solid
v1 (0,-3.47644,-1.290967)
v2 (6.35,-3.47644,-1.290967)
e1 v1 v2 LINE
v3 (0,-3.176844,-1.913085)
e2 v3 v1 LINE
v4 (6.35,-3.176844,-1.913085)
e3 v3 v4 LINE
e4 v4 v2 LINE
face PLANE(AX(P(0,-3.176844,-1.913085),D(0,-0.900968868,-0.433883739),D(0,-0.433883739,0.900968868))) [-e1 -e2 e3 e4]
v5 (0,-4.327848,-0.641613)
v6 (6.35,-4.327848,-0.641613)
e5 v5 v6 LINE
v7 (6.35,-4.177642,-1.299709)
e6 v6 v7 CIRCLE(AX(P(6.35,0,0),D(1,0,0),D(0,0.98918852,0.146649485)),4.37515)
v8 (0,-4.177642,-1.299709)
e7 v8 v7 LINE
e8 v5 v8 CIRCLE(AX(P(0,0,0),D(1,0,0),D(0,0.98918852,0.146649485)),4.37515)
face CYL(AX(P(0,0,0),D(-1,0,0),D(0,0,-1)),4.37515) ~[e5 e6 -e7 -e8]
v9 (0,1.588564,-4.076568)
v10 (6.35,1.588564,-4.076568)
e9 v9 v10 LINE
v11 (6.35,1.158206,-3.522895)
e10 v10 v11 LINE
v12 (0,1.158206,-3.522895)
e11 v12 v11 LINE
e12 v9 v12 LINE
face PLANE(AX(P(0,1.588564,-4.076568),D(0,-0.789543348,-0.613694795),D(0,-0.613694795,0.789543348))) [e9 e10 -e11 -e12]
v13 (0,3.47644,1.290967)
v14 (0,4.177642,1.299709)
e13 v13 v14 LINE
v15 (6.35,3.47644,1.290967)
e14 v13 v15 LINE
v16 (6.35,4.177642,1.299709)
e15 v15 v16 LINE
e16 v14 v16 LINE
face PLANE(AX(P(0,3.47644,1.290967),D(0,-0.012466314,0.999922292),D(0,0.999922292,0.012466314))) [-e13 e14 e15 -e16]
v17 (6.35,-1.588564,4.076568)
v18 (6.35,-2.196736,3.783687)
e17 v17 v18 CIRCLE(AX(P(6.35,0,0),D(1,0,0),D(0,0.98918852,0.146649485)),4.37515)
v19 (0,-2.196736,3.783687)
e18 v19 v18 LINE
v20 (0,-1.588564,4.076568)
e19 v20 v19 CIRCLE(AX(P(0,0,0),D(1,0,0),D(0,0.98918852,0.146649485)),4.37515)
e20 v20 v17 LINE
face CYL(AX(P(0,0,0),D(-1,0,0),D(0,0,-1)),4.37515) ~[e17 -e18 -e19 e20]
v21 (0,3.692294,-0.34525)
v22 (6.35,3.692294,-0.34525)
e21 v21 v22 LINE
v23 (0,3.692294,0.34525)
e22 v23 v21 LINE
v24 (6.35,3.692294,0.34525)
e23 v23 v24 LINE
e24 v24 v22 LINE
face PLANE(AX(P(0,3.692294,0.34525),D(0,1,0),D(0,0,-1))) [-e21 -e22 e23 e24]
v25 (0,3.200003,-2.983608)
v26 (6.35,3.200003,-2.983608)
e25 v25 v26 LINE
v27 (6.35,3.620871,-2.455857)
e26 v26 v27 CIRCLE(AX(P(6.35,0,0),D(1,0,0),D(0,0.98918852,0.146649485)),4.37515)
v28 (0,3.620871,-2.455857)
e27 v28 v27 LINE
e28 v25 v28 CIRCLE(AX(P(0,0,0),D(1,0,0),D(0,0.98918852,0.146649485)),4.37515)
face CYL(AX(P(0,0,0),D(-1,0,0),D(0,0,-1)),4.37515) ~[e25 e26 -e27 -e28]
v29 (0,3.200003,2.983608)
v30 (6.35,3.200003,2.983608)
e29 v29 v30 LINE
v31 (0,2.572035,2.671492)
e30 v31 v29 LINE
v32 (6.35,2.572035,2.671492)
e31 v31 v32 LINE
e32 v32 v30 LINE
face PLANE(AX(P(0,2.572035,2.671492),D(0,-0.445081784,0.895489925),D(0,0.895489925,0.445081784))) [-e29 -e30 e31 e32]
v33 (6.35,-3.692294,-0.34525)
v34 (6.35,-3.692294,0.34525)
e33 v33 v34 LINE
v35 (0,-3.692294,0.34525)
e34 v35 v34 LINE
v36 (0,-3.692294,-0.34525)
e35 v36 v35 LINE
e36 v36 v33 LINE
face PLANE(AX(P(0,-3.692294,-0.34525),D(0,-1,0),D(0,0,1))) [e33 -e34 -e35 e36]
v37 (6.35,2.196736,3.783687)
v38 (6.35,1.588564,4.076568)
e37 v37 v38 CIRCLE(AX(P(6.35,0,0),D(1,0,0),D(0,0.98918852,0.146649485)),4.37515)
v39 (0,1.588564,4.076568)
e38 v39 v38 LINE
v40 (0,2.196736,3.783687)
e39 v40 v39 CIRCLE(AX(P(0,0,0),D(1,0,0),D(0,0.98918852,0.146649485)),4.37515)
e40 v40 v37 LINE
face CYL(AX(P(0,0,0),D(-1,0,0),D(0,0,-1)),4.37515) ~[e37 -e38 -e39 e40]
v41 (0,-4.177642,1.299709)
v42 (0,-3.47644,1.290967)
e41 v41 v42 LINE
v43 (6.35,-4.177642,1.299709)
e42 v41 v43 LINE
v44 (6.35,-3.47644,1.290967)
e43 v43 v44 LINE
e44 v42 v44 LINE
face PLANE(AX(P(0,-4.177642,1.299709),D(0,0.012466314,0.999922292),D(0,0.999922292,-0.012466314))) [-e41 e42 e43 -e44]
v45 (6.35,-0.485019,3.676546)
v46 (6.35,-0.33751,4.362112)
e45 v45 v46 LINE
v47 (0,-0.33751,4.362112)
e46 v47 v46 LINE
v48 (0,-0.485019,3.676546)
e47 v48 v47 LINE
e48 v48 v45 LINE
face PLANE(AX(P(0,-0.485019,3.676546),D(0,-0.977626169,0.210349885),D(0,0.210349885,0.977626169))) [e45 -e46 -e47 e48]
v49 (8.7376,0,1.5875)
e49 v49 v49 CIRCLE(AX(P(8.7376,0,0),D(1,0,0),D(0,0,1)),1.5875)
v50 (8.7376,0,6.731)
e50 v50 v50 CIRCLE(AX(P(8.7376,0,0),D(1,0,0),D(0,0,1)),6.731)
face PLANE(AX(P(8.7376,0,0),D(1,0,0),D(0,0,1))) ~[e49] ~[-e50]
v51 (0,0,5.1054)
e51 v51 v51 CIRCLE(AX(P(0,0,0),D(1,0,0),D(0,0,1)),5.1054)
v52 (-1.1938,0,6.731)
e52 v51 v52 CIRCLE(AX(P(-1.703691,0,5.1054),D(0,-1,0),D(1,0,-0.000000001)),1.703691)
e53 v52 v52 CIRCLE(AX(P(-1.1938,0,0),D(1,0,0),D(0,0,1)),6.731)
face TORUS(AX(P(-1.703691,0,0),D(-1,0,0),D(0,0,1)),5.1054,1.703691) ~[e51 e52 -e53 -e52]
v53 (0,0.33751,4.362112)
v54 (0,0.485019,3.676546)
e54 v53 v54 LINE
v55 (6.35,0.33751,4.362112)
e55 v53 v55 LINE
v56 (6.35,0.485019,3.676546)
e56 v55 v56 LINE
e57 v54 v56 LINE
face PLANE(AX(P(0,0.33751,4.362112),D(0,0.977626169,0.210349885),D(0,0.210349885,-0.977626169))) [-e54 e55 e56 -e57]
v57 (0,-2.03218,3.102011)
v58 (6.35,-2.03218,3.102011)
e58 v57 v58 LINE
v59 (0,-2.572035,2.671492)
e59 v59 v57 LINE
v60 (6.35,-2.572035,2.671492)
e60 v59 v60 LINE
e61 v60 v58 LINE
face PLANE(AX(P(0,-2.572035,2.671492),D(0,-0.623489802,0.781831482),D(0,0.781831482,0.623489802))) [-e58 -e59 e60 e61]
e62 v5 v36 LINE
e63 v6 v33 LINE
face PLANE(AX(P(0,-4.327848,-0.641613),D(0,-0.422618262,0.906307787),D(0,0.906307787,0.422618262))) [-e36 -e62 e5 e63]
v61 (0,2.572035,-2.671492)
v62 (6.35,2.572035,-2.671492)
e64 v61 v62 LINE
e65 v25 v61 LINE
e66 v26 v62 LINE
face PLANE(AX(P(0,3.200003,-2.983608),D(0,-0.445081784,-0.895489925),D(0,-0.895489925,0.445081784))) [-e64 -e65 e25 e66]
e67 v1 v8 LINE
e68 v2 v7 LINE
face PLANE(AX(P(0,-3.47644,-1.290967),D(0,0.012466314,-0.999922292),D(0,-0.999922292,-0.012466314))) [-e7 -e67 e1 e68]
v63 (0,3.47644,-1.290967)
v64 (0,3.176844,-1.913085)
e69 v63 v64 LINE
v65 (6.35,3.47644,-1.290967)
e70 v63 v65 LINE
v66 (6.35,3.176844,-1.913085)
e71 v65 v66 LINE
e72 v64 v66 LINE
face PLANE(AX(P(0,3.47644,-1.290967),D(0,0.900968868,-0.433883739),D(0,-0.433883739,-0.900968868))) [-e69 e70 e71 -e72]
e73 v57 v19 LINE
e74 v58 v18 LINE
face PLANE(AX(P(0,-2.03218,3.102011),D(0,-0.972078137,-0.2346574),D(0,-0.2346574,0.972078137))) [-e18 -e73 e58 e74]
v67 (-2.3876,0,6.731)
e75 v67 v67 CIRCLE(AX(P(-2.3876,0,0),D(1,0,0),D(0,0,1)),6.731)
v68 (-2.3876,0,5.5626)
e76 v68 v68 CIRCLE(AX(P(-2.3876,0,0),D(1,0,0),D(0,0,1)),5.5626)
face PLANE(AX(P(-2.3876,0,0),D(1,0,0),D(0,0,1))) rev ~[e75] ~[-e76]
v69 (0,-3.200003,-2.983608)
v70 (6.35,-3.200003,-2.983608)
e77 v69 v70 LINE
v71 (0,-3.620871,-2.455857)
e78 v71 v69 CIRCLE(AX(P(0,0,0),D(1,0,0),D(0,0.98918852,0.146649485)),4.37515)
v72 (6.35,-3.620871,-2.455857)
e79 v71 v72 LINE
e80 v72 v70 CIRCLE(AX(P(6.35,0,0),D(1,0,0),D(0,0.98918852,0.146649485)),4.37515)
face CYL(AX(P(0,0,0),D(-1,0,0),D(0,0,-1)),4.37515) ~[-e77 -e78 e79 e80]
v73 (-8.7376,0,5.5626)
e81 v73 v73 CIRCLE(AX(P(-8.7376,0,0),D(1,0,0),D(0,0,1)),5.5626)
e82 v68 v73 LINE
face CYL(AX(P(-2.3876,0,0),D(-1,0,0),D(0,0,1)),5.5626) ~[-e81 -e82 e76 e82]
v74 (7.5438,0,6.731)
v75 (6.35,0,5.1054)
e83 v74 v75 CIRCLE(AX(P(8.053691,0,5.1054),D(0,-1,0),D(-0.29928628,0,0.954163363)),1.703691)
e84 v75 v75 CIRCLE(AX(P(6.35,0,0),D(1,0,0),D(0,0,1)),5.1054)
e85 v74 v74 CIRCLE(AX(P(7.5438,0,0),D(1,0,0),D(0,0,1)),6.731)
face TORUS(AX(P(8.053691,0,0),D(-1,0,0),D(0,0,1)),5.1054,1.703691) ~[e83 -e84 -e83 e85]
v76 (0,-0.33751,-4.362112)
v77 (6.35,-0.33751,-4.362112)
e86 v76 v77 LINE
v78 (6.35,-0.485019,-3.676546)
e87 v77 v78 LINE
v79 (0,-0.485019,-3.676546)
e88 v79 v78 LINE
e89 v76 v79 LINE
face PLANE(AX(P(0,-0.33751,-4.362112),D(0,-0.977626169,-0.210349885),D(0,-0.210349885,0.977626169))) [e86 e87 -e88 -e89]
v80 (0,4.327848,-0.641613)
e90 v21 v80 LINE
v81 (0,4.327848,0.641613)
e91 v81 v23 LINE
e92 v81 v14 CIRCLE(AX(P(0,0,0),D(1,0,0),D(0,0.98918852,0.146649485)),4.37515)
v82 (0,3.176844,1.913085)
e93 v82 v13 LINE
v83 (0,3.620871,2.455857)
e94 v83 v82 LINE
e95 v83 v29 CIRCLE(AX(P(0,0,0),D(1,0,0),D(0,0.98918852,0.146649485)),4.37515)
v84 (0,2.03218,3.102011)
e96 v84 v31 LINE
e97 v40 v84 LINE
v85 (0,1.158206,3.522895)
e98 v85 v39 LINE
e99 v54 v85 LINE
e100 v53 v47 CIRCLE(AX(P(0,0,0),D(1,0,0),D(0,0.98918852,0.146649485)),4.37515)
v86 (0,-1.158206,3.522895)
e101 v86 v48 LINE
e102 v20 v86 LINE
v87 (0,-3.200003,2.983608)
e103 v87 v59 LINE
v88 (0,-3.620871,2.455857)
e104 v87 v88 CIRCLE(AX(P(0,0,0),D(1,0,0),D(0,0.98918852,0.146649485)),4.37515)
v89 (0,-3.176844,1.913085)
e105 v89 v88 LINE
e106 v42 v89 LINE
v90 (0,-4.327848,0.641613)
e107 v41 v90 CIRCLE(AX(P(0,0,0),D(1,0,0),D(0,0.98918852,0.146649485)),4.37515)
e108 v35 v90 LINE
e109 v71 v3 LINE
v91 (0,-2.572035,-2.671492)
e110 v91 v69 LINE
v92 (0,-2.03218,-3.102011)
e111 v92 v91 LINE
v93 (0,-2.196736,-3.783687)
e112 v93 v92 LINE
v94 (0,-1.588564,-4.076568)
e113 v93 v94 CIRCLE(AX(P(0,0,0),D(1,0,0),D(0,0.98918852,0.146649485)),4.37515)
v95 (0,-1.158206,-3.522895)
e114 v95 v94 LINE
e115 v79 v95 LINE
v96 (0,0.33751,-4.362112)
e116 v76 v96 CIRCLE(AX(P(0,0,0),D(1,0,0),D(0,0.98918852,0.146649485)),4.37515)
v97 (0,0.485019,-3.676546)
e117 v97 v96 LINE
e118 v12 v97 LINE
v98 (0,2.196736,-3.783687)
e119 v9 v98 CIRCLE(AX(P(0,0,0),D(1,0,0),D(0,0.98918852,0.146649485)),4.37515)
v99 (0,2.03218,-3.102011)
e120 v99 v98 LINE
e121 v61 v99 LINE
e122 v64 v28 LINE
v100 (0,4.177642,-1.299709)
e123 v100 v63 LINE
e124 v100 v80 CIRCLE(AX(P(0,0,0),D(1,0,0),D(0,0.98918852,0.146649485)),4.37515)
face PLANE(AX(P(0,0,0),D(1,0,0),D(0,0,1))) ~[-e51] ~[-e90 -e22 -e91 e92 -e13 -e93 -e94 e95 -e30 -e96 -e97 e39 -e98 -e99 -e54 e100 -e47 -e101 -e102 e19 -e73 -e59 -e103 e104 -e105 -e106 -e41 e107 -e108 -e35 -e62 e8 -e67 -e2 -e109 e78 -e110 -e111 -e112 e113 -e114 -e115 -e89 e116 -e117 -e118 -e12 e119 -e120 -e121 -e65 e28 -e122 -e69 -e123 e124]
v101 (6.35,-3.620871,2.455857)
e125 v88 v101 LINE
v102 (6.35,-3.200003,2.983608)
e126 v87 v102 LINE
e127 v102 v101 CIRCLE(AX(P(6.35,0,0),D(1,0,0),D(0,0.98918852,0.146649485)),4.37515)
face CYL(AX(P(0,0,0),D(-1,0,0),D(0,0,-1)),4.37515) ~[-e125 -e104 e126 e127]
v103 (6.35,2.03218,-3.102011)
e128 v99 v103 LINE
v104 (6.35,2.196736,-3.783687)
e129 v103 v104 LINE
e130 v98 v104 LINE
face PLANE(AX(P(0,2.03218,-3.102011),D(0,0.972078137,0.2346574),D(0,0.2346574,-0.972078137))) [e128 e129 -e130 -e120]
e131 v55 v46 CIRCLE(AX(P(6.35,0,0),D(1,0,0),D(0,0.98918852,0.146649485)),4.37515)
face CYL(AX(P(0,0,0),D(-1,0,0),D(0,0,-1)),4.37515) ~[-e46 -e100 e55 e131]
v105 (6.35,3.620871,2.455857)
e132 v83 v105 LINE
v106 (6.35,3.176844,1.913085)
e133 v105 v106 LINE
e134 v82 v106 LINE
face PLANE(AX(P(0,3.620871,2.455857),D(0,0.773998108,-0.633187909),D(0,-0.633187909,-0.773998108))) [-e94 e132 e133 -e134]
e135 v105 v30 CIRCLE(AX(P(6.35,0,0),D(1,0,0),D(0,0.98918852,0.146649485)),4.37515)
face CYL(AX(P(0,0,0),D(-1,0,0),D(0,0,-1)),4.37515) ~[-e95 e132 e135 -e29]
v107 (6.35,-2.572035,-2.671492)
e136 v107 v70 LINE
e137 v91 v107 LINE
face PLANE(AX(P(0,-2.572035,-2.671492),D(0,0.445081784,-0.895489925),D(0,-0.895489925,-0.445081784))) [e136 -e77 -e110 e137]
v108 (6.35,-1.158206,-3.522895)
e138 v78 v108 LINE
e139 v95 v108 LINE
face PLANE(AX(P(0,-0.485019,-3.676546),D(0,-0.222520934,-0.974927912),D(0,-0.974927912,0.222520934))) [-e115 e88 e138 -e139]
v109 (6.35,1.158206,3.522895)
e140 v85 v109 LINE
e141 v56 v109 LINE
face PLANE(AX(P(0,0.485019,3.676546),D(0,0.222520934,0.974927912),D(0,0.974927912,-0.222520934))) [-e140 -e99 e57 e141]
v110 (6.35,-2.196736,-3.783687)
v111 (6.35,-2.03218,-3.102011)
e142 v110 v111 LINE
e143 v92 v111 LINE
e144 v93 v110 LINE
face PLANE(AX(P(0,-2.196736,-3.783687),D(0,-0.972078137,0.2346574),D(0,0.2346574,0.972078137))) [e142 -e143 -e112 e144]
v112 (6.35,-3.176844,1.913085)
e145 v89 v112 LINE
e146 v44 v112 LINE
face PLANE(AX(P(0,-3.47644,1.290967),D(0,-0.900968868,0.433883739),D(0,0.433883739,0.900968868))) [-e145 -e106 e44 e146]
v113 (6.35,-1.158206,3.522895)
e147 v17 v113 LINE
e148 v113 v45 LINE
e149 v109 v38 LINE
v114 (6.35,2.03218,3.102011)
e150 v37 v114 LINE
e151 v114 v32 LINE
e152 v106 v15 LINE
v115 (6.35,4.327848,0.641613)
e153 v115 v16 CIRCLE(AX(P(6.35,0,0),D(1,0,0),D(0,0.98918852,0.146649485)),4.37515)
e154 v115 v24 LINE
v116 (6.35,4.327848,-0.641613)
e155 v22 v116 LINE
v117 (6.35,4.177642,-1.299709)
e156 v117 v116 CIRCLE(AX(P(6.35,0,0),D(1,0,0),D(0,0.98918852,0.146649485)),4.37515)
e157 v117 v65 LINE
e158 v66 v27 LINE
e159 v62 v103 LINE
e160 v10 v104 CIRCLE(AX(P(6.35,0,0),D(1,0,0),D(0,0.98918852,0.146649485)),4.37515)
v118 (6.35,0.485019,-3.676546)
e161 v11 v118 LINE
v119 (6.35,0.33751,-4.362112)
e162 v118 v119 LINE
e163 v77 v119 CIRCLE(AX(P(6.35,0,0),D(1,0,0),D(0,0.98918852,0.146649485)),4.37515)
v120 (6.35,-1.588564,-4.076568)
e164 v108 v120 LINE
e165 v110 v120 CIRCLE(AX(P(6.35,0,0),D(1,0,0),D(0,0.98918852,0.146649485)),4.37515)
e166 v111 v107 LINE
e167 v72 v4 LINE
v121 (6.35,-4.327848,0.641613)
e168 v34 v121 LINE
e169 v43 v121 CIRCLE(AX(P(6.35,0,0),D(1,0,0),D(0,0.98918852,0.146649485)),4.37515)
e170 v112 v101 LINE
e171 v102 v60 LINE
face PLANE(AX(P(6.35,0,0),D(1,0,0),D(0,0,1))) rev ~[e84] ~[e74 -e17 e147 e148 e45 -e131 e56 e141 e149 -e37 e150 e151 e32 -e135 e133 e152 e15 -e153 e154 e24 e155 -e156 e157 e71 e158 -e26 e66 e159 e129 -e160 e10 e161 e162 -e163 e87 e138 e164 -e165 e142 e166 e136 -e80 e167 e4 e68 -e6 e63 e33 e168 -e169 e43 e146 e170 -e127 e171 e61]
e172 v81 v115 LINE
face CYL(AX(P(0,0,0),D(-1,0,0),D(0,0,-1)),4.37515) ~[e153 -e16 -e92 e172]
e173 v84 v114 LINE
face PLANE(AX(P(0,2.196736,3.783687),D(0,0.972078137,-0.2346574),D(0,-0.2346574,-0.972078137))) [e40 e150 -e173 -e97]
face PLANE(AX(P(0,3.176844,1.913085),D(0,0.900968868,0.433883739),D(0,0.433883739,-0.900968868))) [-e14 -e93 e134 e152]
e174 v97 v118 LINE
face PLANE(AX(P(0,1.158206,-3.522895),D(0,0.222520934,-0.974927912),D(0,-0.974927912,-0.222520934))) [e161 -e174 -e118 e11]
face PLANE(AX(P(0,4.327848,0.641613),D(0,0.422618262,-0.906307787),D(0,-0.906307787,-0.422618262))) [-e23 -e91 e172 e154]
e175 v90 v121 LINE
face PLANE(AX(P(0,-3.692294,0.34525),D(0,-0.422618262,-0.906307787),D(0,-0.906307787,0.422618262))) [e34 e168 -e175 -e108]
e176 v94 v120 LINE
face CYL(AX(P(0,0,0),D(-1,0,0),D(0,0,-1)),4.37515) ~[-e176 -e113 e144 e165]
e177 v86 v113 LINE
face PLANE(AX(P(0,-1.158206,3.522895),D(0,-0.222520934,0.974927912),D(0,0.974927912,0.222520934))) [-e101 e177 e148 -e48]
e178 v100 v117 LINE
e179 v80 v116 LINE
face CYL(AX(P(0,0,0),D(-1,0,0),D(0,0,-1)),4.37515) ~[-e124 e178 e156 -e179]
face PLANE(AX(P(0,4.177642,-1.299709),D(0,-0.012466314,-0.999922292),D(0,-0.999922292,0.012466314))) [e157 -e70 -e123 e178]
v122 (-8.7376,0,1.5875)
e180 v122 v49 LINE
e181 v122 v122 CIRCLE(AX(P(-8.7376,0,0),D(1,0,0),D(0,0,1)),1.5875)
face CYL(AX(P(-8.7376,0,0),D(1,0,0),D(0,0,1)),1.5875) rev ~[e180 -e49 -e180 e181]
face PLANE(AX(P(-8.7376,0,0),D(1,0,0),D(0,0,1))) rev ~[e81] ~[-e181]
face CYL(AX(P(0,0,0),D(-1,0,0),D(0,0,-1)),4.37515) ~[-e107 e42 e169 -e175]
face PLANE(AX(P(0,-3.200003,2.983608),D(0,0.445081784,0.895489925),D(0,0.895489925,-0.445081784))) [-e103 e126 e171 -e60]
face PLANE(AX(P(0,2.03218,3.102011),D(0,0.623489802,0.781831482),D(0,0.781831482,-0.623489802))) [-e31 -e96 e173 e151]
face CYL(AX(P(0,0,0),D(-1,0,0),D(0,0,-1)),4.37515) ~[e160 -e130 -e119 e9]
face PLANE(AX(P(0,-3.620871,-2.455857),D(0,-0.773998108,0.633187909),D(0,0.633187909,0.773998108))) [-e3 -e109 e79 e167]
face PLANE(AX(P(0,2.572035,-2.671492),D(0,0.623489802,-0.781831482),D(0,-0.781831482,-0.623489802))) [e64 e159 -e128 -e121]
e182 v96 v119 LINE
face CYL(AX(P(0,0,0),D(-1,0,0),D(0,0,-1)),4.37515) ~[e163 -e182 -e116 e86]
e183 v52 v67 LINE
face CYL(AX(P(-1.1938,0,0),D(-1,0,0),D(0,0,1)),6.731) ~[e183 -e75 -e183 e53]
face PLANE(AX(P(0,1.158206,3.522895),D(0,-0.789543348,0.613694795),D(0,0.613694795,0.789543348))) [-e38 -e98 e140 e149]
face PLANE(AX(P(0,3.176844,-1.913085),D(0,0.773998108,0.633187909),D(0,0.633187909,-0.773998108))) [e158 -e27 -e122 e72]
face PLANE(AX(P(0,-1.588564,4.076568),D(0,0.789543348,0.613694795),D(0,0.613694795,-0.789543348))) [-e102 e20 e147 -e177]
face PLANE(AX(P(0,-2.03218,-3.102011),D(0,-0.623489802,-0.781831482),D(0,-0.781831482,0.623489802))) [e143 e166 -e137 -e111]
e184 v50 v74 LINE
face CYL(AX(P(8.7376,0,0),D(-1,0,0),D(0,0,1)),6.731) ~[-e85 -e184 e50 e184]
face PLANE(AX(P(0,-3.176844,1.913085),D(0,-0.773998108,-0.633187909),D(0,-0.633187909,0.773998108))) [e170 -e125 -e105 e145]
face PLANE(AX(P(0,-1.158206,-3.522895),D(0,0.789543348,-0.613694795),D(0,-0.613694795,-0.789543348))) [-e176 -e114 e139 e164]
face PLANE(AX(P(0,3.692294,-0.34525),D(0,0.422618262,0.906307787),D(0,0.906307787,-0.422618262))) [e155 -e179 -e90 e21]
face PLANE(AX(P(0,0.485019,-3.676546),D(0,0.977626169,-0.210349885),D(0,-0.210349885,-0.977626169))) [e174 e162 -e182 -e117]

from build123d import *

# Parameters (mm, degrees)
SKETCH4_R          = 4.5339
SKETCH4_R_2        = 4.37515
CUT_EXTRUDE2_DEPTH = 6.35
CUT_EXTRUDE1_DEPTH = 6.35
CIRPATTERN1_COUNT  = 14


with BuildPart() as part:
    # Sketch1 → Revolve1 (revolve)
    with BuildSketch(Plane.XY, mode=Mode.PRIVATE) as revolve1_sk:
        with BuildLine():
            Line((-8.7376, 1.5875), (8.7376, 1.5875))
            Line((8.7376, 1.5875), (8.7376, 6.731))
            Line((8.7376, 6.731), (7.5438, 6.731))
            ThreePointArc((7.5438, 6.731), (6.680508602, 6.113831183), (6.35, 5.1054))
            Line((6.35, 5.1054), (6.35, 4.5339))
            Line((6.35, 4.5339), (0, 4.5339))
            Line((0, 4.5339), (0, 5.1054))
            ThreePointArc((0, 5.1054), (-0.330508602, 6.113831183), (-1.1938, 6.731))
            Line((-1.1938, 6.731), (-2.3876, 6.731))
            Line((-2.3876, 6.731), (-2.3876, 5.5626))
            Line((-2.3876, 5.5626), (-8.7376, 5.5626))
            Line((-8.7376, 5.5626), (-8.7376, 1.5875))
        make_face()
    revolve(revolve1_sk.sketch.rotate(Axis((-8.7376, 0, 0), (1, 0, 0)), 90), axis=Axis((-8.7376, 0, 0), (1, 0, 0)))

    # Sketch4 → Cut-Extrude2 (cut)
    with BuildSketch(Plane(origin=(0, 0, 0), x_dir=(0, 0, -1), z_dir=(1, 0, 0))):
        Circle(SKETCH4_R)
        Circle(SKETCH4_R_2, mode=Mode.SUBTRACT)
    extrude(amount=CUT_EXTRUDE2_DEPTH, mode=Mode.SUBTRACT)

    # Sketch3 → Cut-Extrude1 (cut)
    with BuildSketch(Plane(origin=(0, 0, 0), x_dir=(0, 0, -1), z_dir=(1, 0, 0))):
        with BuildLine():
            Line((-0.641613493, 4.327848154), (-0.345249615, 3.692293767))
            Line((-0.345249615, 3.692293767), (0.345249615, 3.692293767))
            Line((0.345249615, 3.692293767), (0.641613493, 4.327848154))
            ThreePointArc((0.641613493, 4.327848154), (0, 4.37515), (-0.641613493, 4.327848154))
        make_face()
    cut_extrude1 = extrude(amount=CUT_EXTRUDE1_DEPTH, mode=Mode.SUBTRACT)

    # CirPattern1: Cut-Extrude1 ×14 about axis
    cirpattern1_axis = Axis((0, 0, 0), (1, 0, 0))
    for i in range(1, CIRPATTERN1_COUNT):
        add(cut_extrude1.rotate(cirpattern1_axis, i * 360 / CIRPATTERN1_COUNT), mode=Mode.SUBTRACT)


solid = part.part
